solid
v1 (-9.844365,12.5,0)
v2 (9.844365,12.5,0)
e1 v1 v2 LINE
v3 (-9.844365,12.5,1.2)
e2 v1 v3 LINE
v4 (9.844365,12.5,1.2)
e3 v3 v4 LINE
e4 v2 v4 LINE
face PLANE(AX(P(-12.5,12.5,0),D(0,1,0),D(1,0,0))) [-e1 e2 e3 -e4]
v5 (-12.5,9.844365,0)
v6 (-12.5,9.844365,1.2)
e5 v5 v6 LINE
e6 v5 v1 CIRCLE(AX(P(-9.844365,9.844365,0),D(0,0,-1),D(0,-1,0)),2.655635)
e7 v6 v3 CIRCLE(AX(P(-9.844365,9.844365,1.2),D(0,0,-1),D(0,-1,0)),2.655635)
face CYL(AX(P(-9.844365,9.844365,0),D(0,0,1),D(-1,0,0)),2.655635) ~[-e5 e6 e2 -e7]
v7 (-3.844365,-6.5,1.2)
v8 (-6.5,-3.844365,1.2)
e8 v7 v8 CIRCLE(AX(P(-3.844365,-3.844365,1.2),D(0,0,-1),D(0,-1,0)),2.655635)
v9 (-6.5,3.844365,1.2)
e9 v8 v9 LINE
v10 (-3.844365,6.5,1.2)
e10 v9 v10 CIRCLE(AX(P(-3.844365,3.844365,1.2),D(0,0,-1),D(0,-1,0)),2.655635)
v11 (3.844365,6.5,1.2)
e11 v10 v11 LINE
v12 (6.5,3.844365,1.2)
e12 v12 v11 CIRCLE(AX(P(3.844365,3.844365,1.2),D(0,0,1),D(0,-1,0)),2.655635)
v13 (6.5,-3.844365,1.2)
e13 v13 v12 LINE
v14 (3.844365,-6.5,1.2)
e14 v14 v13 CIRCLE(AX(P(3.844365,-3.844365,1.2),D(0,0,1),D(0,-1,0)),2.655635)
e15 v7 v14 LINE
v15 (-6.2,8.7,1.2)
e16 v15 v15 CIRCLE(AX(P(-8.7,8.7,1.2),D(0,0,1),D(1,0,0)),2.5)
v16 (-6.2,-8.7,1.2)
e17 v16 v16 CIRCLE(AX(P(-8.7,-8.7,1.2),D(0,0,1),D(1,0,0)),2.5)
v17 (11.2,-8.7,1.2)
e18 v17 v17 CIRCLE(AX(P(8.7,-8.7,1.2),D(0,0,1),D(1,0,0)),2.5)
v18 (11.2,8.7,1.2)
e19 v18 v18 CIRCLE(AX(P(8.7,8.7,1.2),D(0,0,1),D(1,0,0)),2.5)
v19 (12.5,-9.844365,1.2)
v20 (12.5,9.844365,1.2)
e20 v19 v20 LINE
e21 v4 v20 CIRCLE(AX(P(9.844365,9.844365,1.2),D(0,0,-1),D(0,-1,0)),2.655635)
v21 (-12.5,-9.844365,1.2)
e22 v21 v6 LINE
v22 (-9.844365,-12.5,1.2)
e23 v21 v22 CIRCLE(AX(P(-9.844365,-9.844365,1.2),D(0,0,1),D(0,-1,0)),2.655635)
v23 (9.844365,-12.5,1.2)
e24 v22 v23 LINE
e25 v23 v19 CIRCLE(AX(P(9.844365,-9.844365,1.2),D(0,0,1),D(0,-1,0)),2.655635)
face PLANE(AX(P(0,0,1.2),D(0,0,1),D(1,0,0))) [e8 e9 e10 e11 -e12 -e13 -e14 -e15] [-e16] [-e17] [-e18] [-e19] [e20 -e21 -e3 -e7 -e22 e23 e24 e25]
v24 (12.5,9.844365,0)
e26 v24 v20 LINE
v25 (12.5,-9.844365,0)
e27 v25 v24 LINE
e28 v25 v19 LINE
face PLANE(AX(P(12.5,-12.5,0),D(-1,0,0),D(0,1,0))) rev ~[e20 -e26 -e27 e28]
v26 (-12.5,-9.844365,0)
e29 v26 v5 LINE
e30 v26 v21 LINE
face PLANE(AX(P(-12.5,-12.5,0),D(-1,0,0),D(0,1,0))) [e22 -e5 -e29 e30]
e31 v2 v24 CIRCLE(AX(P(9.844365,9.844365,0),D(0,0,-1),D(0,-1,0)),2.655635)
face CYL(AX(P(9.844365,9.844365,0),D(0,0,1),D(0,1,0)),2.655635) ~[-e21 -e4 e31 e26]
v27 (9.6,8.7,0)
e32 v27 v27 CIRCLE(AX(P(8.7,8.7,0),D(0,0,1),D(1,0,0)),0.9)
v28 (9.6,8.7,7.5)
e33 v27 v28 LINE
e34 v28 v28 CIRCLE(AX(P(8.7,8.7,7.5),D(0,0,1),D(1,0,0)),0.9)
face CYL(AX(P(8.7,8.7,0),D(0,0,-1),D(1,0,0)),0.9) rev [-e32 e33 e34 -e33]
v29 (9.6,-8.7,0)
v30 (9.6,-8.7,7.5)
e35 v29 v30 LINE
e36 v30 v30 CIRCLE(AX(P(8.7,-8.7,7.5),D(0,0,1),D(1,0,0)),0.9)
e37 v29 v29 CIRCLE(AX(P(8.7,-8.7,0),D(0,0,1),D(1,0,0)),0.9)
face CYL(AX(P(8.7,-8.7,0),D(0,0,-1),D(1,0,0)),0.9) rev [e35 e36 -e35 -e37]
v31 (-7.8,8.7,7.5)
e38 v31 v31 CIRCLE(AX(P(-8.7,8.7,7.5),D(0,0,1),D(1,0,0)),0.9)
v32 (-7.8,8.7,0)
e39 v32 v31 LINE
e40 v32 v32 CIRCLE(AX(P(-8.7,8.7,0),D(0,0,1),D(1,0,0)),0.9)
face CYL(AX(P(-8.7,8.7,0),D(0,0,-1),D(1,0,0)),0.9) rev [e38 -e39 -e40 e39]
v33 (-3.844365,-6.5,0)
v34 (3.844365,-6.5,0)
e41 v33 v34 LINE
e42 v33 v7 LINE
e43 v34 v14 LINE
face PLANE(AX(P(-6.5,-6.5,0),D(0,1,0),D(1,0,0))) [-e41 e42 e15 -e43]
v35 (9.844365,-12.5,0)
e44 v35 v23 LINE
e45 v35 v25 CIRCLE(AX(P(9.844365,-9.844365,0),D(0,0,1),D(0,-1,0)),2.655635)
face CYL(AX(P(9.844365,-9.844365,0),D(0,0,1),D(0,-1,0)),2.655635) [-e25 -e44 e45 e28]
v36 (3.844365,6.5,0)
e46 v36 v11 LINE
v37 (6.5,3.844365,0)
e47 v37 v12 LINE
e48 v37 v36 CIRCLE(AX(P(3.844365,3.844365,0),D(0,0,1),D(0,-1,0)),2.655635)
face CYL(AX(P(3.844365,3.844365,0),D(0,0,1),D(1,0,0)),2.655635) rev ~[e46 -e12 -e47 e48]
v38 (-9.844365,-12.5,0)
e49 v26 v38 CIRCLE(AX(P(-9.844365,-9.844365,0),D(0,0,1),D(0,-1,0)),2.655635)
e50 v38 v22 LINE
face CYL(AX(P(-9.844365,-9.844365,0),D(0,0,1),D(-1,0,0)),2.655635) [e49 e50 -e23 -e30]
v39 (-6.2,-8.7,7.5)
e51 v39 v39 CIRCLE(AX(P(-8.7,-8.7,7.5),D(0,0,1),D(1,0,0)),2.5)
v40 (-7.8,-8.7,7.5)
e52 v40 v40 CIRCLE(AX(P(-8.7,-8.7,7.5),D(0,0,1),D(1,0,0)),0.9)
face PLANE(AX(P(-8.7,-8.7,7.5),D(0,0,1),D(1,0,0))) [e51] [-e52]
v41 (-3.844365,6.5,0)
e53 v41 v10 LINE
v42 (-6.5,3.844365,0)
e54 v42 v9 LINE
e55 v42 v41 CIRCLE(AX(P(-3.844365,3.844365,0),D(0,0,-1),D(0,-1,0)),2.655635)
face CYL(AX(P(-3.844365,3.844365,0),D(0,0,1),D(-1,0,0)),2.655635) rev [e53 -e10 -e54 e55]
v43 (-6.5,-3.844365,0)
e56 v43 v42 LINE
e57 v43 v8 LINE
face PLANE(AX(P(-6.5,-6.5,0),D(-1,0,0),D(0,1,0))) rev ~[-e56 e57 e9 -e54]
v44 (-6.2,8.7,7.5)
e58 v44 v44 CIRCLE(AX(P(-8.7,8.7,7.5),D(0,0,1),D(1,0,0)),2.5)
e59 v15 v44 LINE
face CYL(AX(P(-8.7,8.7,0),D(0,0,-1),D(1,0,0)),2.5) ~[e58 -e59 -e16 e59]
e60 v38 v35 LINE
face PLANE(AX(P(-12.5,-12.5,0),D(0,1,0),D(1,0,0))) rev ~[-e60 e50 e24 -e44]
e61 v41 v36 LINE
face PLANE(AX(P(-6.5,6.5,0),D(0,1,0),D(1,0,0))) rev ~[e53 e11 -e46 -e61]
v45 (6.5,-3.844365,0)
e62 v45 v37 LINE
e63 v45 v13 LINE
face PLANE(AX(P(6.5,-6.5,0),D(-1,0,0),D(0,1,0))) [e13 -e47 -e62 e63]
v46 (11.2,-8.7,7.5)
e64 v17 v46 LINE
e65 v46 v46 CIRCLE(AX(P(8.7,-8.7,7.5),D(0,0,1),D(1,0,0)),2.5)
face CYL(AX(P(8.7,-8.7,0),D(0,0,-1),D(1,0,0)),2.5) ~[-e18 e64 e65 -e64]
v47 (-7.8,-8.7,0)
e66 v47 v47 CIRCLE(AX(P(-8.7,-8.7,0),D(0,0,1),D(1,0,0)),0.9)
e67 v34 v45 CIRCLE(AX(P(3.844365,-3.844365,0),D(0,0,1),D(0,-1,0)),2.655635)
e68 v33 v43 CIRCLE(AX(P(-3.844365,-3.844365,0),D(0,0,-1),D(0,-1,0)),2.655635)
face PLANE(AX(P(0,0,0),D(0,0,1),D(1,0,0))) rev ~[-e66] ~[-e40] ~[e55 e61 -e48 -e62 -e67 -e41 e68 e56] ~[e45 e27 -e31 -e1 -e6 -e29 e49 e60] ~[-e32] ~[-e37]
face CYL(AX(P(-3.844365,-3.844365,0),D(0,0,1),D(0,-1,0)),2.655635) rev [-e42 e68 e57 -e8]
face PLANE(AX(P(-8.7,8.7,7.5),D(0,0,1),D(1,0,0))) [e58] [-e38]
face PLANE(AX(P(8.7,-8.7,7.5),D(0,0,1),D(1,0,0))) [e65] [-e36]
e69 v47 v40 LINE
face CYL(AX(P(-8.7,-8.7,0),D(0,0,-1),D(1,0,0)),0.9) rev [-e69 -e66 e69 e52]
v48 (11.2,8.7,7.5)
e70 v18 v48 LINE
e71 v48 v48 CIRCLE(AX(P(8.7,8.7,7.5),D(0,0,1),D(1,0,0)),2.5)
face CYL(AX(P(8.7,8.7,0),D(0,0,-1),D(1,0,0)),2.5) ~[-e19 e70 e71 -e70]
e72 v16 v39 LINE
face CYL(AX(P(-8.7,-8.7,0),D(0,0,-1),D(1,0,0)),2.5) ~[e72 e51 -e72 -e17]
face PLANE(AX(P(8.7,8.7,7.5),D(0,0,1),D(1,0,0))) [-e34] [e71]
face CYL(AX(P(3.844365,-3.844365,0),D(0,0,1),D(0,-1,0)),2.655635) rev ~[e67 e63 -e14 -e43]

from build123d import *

# Parameters (mm, degrees)
F0_W     = 25
F0_H     = 25
F0_R     = 2.5
F0_W_2   = 13
F0_H_2   = 13
F1_DEPTH = 1.2
F0_R_2   = 0.9
F2_DEPTH = 7.5
F3_R     = 2.655635


with BuildPart() as f1:
    # F0 (on Top) → F1 (new body)
    with BuildSketch(Plane.XY):
        Rectangle(F0_W, F0_H)
        with Locations((-8.7, -8.7)):
            Circle(F0_R, mode=Mode.SUBTRACT)
        with Locations((8.7, -8.7)):
            Circle(F0_R, mode=Mode.SUBTRACT)
        with Locations((-8.7, 8.7)):
            Circle(F0_R, mode=Mode.SUBTRACT)
        Rectangle(F0_W_2, F0_H_2, mode=Mode.SUBTRACT)
        with Locations((8.7, 8.7)):
            Circle(F0_R, mode=Mode.SUBTRACT)
    extrude(amount=F1_DEPTH)

    # F0 (on Top) → F2 (join)
    with BuildSketch(Plane.XY):
        with Locations((-8.7, 8.7)):
            Circle(F0_R)
        with Locations((-8.7, 8.7)):
            Circle(F0_R_2, mode=Mode.SUBTRACT)
        with Locations((8.7, 8.7)):
            Circle(F0_R)
        with Locations((8.7, 8.7)):
            Circle(F0_R_2, mode=Mode.SUBTRACT)
        with Locations((-8.7, -8.7)):
            Circle(F0_R)
        with Locations((-8.7, -8.7)):
            Circle(F0_R_2, mode=Mode.SUBTRACT)
        with Locations((8.7, -8.7)):
            Circle(F0_R)
        with Locations((8.7, -8.7)):
            Circle(F0_R_2, mode=Mode.SUBTRACT)
    extrude(amount=F2_DEPTH)

    # F3
    f3_edges = [f1.edges().sort_by_distance(p)[0] for p in [
        (12.5, -12.5, 0.6),
        (12.5, 12.5, 0.6),
        (-12.5, 12.5, 0.6),
        (-12.5, -12.5, 0.6),
        (-6.5, 6.5, 0.6),
        (-6.5, -6.5, 0.6),
        (6.5, -6.5, 0.6),
        (6.5, 6.5, 0.6),
    ]]
    fillet(f3_edges, radius=F3_R)


solid = f1.part
